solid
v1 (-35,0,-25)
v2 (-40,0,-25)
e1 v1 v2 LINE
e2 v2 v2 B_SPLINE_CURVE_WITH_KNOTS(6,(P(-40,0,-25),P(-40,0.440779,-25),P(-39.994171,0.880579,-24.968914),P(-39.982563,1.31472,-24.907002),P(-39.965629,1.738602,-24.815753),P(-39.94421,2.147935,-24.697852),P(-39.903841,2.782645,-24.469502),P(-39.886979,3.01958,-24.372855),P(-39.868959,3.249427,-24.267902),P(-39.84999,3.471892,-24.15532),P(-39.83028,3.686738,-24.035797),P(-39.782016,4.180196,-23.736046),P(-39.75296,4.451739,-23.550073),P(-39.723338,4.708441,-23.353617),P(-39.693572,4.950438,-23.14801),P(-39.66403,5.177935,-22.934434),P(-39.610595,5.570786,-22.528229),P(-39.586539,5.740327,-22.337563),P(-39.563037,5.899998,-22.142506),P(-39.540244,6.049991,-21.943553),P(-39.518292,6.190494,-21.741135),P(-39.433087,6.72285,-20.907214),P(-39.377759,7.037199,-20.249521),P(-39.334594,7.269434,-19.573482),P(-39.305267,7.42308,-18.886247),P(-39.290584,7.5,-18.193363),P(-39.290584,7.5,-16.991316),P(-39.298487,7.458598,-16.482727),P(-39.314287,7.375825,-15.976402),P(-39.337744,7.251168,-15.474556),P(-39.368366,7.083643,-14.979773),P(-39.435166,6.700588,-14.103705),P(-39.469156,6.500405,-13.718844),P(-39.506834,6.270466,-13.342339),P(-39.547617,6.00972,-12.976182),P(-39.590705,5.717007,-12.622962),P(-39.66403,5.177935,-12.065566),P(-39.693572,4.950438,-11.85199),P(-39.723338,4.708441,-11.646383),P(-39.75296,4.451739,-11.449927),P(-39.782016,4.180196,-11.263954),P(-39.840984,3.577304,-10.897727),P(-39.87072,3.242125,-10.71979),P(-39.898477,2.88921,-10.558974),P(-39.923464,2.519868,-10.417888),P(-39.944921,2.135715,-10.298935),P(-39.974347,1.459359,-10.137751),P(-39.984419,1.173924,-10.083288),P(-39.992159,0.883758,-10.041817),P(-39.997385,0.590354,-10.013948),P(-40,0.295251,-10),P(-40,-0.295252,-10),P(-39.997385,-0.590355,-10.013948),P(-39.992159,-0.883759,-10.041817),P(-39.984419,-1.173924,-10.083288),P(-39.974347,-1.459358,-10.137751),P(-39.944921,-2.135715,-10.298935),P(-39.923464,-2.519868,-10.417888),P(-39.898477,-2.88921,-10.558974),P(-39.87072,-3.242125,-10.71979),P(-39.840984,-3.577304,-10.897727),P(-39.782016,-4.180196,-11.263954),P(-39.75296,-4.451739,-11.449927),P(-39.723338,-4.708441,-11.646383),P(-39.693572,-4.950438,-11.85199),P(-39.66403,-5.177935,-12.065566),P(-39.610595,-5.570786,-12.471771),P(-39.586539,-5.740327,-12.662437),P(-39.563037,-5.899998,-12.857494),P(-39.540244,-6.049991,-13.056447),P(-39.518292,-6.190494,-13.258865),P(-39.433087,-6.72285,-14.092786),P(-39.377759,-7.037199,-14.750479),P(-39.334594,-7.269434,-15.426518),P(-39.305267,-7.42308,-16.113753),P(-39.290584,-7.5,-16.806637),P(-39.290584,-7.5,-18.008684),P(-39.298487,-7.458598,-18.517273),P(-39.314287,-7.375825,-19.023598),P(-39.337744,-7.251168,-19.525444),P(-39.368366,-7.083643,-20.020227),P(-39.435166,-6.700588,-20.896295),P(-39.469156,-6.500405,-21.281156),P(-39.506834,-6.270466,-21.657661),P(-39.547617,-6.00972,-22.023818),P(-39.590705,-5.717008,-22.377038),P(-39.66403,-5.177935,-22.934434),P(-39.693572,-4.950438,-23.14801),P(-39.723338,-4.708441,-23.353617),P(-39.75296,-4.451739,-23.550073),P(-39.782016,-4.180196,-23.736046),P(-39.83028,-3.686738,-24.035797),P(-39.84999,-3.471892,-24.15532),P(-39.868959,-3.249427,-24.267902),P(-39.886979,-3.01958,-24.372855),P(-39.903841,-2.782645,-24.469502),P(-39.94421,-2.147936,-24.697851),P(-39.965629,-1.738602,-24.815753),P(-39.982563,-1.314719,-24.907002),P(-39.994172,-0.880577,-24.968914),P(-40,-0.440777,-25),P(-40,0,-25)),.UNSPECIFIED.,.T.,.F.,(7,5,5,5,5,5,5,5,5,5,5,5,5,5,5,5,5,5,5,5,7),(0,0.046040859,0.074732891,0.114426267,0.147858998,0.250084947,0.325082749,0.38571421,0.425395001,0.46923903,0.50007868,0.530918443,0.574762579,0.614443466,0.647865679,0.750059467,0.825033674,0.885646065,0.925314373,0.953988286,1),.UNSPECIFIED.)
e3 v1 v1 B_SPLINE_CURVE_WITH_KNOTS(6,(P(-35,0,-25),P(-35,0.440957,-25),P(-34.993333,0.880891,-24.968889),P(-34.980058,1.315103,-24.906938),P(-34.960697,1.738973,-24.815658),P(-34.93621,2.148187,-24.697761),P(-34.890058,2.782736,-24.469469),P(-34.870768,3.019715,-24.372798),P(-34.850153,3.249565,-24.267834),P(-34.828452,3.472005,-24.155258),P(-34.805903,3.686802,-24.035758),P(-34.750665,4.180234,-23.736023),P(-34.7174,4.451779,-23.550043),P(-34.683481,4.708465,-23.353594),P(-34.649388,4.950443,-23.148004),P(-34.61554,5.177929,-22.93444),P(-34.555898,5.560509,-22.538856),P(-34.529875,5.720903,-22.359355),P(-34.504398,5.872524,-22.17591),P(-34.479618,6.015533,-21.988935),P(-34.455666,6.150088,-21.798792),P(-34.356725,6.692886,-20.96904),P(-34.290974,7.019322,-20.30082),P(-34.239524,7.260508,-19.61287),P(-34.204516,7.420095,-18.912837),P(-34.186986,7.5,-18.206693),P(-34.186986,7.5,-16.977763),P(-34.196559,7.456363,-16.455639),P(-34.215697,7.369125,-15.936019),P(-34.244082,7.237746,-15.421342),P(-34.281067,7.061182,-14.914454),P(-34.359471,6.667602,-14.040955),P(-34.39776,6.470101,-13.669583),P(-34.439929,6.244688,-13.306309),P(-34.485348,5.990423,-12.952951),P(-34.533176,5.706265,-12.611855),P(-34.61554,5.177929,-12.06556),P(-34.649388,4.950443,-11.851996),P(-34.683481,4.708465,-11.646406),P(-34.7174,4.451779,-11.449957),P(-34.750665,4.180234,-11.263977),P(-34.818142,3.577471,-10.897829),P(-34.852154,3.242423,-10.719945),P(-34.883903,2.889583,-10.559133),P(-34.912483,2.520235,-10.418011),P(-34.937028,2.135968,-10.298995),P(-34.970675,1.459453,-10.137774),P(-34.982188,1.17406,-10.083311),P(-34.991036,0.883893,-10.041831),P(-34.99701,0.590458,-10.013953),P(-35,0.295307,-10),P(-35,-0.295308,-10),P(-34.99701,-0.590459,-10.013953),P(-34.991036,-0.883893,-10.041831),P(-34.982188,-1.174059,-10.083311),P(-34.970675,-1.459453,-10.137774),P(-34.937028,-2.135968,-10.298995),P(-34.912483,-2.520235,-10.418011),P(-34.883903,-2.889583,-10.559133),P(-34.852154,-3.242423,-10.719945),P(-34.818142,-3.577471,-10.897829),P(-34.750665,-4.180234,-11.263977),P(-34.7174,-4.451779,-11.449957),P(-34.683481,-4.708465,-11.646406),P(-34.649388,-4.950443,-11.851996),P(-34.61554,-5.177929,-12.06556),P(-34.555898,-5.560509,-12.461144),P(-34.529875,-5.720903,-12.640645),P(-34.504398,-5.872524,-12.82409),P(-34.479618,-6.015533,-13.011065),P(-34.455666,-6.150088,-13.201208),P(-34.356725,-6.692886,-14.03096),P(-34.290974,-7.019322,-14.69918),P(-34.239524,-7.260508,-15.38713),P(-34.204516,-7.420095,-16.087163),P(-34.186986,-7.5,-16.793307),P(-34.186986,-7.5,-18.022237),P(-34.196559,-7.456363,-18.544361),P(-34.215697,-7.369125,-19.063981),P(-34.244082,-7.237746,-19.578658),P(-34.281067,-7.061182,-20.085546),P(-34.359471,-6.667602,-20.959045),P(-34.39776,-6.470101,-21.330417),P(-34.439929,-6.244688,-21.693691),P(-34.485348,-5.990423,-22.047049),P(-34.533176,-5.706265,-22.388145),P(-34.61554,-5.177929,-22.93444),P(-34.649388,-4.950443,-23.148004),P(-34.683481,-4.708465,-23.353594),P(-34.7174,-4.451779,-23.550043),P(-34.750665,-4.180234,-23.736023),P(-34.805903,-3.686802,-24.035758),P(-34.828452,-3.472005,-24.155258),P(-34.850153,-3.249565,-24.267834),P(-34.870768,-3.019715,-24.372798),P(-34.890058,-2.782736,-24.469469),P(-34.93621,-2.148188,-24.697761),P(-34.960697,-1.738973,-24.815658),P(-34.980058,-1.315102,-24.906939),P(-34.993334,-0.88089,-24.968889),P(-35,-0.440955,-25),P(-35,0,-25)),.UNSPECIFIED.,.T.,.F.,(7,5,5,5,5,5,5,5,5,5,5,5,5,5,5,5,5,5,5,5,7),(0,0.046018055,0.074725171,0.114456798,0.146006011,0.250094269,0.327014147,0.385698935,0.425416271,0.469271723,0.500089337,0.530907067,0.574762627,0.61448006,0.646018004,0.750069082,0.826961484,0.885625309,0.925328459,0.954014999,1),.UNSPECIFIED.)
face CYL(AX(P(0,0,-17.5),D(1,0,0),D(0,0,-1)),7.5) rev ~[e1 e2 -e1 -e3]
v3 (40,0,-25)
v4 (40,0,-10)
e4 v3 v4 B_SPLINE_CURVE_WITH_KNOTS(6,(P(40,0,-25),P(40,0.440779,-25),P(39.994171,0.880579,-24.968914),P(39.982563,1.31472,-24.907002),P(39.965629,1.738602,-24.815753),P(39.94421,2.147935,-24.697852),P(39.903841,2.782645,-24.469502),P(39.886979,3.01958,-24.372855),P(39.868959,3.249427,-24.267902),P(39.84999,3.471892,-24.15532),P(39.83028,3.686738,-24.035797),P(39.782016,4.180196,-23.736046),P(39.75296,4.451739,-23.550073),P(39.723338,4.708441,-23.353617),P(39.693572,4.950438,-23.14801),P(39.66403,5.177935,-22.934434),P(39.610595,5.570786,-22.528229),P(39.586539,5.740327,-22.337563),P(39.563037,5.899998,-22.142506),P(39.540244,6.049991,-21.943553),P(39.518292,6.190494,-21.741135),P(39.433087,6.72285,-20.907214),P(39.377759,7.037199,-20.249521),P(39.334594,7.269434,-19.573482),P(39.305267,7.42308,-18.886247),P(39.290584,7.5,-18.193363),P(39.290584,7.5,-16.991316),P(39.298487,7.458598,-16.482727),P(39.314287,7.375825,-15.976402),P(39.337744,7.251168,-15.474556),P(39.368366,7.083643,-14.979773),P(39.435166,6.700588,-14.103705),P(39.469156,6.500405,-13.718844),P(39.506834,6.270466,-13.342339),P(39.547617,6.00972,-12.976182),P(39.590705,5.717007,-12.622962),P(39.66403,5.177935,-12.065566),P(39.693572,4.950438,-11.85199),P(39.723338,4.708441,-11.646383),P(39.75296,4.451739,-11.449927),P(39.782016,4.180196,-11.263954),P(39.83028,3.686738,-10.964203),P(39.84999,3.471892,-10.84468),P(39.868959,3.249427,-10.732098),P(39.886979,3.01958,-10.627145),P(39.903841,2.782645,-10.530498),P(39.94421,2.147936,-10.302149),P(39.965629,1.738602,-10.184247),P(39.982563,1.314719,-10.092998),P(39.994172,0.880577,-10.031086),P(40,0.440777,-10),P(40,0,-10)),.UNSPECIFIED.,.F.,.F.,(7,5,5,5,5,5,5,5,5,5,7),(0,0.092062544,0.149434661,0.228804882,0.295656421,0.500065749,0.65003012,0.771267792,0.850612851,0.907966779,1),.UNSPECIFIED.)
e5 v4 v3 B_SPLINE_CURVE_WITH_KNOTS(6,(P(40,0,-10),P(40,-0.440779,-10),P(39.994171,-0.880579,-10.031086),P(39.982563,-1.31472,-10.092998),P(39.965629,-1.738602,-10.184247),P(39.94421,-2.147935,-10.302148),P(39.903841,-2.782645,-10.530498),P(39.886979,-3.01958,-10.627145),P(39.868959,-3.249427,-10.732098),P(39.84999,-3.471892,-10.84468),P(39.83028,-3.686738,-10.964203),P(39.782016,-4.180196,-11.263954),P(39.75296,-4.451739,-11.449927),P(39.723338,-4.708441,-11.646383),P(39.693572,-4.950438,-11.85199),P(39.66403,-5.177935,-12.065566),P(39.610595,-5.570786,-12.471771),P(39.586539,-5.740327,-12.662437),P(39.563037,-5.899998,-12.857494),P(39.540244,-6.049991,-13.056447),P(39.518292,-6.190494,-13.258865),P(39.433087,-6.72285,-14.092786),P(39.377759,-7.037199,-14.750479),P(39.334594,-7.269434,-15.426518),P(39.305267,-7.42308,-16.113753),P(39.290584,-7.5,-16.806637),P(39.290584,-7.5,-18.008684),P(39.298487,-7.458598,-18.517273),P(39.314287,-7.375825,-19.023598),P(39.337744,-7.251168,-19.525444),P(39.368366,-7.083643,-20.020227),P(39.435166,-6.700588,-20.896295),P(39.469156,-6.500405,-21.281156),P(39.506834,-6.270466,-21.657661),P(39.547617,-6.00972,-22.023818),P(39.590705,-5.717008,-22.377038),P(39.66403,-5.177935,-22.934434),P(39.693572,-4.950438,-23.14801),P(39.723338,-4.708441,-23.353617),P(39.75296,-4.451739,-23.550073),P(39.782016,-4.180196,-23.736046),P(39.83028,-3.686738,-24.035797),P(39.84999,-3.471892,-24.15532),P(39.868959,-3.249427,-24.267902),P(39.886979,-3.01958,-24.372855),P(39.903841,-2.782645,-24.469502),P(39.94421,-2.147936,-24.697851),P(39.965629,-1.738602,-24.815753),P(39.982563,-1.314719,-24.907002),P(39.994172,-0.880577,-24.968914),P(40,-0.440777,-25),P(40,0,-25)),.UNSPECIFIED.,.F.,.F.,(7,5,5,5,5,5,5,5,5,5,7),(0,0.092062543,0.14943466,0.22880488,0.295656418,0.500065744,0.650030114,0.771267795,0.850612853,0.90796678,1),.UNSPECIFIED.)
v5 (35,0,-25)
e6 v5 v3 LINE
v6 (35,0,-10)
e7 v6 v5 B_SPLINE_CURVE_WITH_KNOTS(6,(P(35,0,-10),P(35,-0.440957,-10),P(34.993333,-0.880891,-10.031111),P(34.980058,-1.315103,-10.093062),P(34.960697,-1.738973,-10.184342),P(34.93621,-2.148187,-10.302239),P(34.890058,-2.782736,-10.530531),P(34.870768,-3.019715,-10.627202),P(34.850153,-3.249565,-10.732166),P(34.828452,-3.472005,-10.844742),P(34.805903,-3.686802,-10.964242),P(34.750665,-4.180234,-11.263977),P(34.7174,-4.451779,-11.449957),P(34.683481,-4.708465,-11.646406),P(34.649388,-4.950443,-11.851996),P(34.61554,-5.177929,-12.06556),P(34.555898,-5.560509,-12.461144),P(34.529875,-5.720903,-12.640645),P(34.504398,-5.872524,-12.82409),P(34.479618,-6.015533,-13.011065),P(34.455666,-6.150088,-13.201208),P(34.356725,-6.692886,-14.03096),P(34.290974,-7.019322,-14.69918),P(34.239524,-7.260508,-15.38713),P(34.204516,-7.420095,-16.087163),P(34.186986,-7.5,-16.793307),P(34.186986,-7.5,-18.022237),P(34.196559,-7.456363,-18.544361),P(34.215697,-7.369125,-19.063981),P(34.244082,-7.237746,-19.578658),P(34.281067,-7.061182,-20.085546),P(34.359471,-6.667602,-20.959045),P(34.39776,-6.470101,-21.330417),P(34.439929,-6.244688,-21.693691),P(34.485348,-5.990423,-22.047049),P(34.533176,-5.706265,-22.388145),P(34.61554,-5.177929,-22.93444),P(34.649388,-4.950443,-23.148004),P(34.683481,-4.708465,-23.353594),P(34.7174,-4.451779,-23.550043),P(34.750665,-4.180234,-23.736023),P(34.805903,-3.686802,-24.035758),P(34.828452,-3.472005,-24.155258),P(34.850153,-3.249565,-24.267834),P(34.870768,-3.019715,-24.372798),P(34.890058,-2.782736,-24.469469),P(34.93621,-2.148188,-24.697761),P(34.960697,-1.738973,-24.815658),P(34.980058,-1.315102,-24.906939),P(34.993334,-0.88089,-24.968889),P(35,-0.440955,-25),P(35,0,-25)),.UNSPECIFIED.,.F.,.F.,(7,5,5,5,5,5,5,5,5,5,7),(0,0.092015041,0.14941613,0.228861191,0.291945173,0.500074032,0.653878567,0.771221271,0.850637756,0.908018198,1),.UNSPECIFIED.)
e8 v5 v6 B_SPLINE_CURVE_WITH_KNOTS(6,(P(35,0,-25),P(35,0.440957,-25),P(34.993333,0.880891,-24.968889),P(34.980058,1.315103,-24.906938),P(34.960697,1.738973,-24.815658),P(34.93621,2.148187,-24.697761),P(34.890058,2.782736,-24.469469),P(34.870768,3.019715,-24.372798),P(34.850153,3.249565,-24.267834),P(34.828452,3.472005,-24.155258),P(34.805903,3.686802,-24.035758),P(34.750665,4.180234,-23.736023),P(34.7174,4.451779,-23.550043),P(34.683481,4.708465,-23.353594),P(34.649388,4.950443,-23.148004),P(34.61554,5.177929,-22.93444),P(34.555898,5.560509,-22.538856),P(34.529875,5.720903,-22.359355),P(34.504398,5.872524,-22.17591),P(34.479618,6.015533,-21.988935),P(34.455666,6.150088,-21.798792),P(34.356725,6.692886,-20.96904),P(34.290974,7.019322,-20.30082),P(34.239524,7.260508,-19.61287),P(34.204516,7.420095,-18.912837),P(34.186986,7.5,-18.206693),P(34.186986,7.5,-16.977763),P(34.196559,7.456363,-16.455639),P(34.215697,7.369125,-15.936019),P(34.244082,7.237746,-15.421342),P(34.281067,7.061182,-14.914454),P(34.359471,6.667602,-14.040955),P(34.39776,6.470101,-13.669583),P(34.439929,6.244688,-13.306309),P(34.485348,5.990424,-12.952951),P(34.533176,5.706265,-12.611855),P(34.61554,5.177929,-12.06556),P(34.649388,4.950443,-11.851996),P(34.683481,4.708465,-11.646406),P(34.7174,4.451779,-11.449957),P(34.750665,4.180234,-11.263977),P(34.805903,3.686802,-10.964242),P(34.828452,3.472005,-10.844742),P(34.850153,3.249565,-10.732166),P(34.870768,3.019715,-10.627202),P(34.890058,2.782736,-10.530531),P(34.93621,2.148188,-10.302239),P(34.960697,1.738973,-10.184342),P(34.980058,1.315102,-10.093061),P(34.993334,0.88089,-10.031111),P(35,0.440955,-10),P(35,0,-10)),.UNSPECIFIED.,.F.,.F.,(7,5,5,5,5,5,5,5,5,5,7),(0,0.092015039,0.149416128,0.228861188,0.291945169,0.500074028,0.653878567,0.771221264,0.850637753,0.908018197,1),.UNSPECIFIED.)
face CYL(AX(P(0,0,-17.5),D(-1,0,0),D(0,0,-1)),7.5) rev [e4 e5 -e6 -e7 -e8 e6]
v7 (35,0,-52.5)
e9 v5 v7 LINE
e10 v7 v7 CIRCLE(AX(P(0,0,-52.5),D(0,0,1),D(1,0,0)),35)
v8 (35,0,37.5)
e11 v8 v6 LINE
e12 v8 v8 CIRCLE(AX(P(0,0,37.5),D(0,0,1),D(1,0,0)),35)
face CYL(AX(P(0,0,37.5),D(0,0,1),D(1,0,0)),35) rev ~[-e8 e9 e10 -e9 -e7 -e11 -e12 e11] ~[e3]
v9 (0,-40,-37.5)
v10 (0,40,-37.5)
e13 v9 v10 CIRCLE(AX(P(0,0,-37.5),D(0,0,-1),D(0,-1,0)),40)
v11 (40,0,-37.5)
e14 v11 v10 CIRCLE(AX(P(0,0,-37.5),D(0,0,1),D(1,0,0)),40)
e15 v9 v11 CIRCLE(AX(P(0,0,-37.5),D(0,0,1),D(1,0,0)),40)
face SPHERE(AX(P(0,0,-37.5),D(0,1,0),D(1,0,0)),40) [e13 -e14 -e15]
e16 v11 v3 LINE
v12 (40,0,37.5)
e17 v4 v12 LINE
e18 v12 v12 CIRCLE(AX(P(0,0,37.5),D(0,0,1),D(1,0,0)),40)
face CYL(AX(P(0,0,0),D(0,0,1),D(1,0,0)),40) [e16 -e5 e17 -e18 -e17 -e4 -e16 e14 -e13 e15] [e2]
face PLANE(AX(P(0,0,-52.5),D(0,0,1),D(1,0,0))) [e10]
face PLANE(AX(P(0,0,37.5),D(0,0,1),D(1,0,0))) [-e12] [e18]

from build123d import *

# Parameters (mm, degrees)
SKETCH1_R               = 40
BOSS_EXTRUDE1_DEPTH     = 37.5
SKETCH3_R               = 7.5
CUT_EXTRUDE2_DEPTH      = 41
CUT_EXTRUDE2_DEPTH_BACK = 41
REVOLVE1_ANGLE          = 180
SKETCH2_R               = 35
CUT_EXTRUDE3_DEPTH      = 90


with BuildPart() as part:
    # Sketch1 → Boss-Extrude1 (new body, symmetric)
    with BuildSketch(Plane.XY):
        Circle(SKETCH1_R)
    extrude(amount=BOSS_EXTRUDE1_DEPTH, both=True)

    # Sketch3 → Cut-Extrude2 (cut, two sides)
    with BuildSketch(Plane(origin=(0, 0, 0), x_dir=(0, 0, -1), z_dir=(1, 0, 0))) as cut_extrude2_sk:
        with Locations((17.5, 0)):
            Circle(SKETCH3_R)
    extrude(amount=CUT_EXTRUDE2_DEPTH, mode=Mode.SUBTRACT)
    extrude(cut_extrude2_sk.sketch, amount=-CUT_EXTRUDE2_DEPTH_BACK, mode=Mode.SUBTRACT)

    # Sketch7 → Revolve1 (revolve)
    with BuildSketch(Plane(origin=(0, 0, -37.5), x_dir=(-1, 0, 0), z_dir=(0, 0, -1))):
        with BuildLine():
            Line((0, 40), (0, -40))
            ThreePointArc((0, -40), (-40, 0), (0, 40))
        make_face()
    revolve(axis=Axis((0, 40, -37.5), (0, 1, 0)), revolution_arc=REVOLVE1_ANGLE)

    # Sketch2 → Cut-Extrude3 (cut)
    with BuildSketch(Plane.XY.offset(37.5)):
        Circle(SKETCH2_R)
    extrude(amount=-CUT_EXTRUDE3_DEPTH, mode=Mode.SUBTRACT)


solid = part.part
